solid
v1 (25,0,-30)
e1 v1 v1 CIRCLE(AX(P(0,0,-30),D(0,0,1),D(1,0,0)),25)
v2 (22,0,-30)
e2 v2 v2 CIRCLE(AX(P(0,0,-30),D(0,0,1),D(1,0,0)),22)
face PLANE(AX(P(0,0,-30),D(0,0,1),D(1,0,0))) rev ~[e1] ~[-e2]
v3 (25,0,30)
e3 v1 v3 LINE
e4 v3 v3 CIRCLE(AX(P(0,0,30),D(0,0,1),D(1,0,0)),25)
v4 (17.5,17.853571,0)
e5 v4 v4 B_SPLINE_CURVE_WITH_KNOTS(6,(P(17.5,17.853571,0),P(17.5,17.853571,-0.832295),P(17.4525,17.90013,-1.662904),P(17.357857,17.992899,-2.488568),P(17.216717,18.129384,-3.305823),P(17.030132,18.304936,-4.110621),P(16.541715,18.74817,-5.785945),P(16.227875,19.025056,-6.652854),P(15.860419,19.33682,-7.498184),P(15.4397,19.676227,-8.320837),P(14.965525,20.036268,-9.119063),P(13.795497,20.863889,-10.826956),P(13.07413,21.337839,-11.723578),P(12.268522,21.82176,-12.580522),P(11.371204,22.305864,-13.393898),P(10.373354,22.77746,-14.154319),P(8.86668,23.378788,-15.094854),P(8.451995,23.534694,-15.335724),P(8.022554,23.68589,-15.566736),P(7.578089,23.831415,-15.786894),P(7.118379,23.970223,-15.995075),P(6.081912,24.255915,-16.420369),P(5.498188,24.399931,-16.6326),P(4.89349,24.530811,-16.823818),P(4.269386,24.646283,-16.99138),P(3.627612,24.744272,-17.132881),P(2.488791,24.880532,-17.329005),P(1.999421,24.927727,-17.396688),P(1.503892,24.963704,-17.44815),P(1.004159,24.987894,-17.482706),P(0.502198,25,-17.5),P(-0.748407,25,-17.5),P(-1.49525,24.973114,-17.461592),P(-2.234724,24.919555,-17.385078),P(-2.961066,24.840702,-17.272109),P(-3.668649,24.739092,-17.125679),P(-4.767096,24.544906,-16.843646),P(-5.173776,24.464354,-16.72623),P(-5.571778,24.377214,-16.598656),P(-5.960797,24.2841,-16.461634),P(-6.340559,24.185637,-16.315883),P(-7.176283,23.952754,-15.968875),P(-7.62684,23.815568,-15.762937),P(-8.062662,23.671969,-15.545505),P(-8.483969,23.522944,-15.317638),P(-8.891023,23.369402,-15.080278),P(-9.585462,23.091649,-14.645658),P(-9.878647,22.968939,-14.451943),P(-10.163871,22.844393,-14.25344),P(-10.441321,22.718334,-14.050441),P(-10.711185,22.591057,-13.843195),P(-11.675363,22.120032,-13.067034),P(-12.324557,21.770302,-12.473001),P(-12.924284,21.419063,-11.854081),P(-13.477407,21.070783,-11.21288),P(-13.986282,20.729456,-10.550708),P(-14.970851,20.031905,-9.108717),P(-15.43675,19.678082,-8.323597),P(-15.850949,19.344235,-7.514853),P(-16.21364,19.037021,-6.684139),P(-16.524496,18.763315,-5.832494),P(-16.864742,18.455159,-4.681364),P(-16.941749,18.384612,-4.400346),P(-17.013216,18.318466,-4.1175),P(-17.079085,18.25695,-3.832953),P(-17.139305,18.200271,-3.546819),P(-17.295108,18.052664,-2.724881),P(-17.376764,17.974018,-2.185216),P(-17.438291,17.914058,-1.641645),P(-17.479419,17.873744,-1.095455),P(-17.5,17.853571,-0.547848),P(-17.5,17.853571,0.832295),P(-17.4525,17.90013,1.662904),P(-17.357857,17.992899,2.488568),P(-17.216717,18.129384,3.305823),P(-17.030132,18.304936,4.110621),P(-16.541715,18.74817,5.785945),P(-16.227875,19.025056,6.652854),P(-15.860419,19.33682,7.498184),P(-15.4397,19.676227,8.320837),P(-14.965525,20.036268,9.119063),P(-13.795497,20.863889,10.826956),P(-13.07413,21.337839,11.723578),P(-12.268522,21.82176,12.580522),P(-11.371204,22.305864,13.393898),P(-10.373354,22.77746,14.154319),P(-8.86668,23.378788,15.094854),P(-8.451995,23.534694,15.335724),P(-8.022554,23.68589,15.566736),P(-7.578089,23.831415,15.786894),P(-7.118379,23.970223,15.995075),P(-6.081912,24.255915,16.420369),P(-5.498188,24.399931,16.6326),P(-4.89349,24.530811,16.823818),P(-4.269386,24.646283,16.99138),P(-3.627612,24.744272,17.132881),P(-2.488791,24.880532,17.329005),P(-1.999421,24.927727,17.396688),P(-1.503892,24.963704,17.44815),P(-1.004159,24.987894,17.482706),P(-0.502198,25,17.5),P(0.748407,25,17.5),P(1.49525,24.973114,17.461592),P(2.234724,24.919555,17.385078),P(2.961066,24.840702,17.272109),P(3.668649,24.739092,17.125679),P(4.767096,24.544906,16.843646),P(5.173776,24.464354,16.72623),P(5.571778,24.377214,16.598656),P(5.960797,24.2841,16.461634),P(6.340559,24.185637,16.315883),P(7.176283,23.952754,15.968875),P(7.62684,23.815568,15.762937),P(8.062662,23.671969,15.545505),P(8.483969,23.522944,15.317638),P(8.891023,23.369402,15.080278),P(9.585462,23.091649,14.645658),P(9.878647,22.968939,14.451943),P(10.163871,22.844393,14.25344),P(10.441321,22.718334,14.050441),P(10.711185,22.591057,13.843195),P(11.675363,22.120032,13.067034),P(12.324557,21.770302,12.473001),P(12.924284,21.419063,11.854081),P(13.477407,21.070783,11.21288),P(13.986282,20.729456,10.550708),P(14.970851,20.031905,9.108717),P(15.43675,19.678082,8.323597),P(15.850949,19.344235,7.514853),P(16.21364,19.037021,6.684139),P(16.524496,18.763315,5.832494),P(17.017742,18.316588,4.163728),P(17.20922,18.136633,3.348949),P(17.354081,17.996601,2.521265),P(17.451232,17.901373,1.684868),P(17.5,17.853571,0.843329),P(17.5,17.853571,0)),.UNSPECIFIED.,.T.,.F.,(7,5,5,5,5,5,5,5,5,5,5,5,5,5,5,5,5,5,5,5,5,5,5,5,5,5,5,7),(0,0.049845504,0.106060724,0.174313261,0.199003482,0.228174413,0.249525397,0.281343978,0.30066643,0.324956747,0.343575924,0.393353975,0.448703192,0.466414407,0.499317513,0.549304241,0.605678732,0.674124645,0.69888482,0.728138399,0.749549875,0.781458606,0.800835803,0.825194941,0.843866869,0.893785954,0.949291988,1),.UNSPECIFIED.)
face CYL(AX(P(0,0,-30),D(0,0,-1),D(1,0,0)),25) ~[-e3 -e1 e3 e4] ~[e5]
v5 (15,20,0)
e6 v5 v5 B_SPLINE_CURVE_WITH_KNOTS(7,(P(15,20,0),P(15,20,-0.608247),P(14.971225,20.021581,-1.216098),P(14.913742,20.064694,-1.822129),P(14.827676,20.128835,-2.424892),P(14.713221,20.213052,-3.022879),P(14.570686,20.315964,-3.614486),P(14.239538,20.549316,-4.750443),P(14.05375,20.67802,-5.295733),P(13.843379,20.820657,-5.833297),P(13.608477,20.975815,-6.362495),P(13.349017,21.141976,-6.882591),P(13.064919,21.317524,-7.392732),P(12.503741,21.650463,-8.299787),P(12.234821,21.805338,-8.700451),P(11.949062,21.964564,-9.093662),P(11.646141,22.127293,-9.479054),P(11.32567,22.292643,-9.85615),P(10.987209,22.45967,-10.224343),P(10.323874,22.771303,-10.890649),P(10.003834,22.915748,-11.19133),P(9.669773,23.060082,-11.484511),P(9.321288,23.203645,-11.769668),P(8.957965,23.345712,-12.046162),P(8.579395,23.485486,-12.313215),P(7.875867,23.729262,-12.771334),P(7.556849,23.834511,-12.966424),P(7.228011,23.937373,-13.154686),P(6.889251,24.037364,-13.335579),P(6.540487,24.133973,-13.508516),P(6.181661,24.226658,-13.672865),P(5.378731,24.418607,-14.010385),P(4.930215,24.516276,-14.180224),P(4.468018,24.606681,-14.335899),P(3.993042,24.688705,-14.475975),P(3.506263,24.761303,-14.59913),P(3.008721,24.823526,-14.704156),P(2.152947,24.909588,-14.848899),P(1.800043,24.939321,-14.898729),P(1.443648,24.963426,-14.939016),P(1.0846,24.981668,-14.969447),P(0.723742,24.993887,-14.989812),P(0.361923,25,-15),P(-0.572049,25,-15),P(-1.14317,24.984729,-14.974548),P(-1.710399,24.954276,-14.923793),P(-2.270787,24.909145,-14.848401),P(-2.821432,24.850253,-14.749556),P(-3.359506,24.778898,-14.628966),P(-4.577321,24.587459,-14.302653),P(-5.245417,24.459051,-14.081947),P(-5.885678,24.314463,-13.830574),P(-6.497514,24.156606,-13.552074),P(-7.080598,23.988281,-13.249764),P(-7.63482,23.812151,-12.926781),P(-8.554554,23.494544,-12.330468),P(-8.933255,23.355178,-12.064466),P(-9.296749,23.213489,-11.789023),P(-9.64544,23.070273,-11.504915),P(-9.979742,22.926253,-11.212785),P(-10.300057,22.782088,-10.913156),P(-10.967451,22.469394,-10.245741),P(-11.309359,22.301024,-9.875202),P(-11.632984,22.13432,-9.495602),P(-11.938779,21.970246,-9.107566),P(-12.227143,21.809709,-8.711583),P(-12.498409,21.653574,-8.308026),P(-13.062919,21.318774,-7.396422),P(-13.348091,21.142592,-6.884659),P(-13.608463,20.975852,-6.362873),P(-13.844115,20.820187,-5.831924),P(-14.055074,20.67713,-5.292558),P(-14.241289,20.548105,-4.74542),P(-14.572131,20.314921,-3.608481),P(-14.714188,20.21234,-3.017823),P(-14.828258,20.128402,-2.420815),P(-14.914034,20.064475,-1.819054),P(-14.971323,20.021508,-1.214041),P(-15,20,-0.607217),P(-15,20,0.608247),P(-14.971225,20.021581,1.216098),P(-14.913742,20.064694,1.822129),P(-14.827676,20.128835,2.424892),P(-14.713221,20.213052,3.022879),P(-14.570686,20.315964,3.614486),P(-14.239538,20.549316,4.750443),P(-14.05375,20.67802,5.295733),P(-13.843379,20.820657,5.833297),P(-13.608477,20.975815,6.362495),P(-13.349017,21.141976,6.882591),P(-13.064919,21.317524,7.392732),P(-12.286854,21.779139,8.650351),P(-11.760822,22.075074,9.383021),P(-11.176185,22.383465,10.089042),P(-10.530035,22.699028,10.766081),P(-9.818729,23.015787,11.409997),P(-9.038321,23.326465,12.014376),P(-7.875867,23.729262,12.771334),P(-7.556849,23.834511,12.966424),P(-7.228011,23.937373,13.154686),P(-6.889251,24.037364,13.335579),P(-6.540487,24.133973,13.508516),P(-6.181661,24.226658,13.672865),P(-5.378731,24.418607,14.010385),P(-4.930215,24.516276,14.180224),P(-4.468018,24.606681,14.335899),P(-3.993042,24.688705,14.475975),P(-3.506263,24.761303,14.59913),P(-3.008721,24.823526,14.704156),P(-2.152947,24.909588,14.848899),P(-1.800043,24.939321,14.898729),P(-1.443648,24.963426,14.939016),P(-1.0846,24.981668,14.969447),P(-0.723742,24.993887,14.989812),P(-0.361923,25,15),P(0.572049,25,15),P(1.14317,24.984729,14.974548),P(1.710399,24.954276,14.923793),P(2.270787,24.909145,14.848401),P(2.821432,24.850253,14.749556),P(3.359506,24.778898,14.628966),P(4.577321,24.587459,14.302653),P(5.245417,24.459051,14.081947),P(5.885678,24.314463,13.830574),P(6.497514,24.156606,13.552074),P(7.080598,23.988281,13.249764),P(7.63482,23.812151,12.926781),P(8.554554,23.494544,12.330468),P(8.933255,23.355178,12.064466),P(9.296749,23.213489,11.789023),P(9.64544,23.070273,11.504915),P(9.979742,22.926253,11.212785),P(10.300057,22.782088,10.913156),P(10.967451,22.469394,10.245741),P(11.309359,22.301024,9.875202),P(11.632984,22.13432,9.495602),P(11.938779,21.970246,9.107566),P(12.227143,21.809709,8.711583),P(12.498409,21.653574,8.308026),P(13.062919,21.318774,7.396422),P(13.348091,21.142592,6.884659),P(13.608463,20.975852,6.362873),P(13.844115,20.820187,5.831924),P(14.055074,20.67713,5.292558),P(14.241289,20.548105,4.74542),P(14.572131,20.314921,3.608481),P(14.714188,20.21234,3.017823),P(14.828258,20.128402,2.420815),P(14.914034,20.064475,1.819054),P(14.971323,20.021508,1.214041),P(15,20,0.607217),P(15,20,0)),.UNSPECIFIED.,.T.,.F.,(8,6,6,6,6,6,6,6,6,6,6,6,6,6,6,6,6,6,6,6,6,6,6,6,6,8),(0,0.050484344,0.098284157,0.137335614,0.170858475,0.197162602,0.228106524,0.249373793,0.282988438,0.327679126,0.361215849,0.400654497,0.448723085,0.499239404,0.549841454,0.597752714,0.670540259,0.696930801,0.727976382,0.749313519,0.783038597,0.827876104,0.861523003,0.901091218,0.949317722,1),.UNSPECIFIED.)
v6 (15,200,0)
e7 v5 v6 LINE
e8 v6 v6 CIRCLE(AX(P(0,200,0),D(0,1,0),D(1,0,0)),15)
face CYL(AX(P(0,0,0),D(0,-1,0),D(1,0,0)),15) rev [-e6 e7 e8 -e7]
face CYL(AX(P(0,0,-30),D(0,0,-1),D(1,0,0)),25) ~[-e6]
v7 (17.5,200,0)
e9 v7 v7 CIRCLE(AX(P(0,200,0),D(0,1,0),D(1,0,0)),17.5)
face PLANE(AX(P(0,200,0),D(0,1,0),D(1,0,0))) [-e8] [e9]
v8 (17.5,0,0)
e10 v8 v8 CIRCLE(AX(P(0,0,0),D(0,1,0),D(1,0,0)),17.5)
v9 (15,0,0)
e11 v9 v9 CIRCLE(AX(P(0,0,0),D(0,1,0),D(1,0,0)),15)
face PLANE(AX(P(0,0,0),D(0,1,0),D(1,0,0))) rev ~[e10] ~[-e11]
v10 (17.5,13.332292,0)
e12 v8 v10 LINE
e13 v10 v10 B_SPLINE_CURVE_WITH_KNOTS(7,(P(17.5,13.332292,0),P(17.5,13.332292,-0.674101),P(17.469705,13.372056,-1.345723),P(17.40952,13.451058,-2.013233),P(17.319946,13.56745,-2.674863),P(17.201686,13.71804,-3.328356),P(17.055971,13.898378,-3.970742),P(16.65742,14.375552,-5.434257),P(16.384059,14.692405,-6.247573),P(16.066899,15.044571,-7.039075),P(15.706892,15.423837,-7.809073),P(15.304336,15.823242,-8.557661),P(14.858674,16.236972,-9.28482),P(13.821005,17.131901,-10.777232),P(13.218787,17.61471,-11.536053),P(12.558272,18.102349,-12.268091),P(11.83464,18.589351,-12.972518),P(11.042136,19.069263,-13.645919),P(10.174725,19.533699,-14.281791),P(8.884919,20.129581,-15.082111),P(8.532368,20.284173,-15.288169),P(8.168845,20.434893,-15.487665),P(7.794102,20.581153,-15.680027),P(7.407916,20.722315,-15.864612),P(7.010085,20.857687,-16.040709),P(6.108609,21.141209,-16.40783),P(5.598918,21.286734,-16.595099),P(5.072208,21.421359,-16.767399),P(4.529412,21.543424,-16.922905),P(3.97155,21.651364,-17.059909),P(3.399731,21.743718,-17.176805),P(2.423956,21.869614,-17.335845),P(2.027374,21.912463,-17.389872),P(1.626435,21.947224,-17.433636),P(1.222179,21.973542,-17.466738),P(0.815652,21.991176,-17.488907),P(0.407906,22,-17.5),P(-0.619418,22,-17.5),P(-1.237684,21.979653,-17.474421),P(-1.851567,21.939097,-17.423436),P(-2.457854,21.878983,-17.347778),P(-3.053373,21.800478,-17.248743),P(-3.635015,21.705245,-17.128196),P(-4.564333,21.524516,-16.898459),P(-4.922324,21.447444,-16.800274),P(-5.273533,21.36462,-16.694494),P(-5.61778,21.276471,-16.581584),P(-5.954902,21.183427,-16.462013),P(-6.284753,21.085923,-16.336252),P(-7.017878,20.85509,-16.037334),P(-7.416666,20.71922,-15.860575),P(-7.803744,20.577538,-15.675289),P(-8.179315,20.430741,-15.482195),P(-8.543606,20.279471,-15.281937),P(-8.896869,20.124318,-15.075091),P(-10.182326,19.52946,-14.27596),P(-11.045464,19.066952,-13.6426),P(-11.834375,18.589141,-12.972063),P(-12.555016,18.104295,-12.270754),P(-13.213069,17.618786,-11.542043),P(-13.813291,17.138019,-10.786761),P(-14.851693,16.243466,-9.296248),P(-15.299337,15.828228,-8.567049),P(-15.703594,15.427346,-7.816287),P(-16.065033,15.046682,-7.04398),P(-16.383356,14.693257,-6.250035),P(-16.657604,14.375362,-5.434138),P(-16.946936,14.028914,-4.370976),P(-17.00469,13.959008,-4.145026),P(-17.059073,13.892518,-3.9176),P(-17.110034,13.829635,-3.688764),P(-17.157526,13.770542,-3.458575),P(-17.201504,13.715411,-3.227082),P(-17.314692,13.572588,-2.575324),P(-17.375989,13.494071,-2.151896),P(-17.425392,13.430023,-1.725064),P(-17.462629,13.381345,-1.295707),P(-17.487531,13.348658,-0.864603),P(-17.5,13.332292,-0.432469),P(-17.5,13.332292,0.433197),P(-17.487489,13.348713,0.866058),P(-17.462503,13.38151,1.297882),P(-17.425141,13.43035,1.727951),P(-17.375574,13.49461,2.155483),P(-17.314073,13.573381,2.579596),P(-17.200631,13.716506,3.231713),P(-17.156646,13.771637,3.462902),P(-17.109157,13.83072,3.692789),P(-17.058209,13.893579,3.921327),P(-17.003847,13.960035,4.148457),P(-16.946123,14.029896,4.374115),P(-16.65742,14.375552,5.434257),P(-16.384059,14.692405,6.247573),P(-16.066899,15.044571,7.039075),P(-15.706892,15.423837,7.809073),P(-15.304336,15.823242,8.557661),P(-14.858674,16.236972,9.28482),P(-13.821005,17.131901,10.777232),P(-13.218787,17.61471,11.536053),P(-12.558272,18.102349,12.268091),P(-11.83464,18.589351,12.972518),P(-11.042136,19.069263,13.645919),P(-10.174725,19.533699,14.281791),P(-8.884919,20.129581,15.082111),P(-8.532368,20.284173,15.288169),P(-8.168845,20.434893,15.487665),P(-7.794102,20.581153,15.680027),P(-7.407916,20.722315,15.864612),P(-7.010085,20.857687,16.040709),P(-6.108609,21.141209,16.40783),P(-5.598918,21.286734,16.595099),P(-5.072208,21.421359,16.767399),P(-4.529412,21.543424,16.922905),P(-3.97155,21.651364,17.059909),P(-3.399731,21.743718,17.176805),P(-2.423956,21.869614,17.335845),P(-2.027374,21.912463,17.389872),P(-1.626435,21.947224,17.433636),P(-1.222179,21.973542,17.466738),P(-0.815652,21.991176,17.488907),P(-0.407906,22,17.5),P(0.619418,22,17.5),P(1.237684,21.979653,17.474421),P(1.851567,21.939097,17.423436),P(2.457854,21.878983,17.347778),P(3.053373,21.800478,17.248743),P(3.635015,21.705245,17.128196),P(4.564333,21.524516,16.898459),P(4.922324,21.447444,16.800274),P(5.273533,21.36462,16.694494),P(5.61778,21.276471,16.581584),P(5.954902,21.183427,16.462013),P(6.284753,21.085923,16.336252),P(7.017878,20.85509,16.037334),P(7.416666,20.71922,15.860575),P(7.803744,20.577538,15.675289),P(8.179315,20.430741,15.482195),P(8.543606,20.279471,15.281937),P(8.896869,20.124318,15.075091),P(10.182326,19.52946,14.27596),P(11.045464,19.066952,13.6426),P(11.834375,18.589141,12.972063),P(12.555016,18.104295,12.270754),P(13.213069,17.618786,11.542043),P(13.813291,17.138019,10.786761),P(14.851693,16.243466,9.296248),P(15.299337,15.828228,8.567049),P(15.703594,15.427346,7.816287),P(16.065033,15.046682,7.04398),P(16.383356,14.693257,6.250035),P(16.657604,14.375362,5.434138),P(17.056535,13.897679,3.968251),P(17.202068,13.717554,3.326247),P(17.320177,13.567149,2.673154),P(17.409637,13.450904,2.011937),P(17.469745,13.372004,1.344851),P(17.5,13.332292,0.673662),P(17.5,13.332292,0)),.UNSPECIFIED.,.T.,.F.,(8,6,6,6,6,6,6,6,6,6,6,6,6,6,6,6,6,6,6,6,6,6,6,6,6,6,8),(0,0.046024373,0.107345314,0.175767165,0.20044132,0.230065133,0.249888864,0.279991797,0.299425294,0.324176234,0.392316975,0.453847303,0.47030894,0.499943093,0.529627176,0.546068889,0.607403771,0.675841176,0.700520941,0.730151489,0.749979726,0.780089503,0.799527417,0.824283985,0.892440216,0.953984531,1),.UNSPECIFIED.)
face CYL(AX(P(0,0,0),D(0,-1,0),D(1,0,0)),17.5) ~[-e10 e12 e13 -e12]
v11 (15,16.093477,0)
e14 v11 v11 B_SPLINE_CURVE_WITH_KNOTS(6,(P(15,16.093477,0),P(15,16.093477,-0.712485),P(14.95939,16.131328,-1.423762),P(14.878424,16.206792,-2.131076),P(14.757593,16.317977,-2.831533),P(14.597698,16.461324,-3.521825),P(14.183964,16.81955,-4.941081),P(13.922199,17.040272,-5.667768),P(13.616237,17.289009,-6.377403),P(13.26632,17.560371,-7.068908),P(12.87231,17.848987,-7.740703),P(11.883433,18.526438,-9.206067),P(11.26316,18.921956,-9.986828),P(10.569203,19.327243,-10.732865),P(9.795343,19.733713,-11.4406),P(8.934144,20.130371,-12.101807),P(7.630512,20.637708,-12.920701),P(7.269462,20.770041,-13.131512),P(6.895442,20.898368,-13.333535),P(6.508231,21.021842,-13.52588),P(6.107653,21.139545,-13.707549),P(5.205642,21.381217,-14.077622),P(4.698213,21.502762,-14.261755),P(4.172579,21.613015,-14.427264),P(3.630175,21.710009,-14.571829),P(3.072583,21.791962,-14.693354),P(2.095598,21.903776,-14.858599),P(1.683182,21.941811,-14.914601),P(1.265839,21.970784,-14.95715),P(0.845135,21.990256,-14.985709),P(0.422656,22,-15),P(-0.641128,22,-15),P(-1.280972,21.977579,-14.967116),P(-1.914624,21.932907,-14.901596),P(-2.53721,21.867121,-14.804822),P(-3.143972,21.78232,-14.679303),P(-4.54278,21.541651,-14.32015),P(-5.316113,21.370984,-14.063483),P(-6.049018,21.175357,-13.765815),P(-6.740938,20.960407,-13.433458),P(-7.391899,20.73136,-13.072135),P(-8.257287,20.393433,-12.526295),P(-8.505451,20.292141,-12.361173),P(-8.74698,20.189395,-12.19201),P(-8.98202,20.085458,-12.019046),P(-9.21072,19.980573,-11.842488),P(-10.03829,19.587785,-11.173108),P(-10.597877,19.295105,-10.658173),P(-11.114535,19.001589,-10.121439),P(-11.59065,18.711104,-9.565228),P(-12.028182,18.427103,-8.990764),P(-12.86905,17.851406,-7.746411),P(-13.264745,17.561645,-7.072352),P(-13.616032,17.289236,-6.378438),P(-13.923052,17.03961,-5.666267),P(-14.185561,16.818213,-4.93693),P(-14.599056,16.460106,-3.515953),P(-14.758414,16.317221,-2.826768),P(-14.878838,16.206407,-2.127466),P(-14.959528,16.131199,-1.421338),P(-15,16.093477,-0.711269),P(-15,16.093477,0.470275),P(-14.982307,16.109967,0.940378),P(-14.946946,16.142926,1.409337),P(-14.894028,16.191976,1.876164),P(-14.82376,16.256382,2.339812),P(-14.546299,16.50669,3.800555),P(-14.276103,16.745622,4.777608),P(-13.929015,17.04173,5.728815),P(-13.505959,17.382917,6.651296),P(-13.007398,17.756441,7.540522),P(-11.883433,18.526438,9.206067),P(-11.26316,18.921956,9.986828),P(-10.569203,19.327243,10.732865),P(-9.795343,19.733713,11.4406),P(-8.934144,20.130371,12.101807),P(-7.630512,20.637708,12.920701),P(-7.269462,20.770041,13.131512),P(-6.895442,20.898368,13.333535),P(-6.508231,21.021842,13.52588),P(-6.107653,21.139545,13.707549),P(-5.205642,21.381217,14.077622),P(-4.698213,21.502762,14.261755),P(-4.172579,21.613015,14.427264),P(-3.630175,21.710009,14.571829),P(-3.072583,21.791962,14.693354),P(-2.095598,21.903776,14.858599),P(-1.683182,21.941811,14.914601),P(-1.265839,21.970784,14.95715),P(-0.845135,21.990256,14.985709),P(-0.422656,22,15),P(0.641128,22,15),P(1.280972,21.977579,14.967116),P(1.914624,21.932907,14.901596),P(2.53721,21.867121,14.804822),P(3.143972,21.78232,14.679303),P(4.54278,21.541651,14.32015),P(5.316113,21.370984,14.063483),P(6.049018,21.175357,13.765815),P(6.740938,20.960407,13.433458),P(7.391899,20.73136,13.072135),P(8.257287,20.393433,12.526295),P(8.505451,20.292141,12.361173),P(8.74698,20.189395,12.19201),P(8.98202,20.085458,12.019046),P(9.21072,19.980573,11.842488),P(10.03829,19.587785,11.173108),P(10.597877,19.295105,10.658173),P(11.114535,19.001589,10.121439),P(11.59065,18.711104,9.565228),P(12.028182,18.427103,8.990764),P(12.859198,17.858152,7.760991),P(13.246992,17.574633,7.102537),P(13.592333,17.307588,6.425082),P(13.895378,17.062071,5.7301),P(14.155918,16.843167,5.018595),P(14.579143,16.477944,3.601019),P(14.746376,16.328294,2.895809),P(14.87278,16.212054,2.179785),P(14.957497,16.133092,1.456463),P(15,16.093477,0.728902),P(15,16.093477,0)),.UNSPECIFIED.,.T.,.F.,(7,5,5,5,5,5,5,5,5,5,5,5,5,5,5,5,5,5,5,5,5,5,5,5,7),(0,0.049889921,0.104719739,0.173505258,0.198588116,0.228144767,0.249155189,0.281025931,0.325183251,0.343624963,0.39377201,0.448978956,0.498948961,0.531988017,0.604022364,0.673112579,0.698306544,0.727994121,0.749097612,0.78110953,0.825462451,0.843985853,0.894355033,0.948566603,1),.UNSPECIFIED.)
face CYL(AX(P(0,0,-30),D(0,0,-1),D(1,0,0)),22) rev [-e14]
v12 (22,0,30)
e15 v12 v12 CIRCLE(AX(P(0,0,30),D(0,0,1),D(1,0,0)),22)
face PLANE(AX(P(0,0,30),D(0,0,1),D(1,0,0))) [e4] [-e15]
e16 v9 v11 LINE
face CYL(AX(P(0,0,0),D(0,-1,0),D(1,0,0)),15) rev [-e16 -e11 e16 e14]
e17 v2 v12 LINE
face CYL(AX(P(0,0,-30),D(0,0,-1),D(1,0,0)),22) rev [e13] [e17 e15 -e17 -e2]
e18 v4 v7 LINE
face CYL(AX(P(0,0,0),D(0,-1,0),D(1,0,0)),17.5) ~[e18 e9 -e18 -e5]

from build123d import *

# Parameters (mm, degrees)
IZIM1_R                          = 17.5
IZIM1_R_2                        = 15
Y_KSEKLIK_EKSTR_ZYON1_DEPTH      = 200
Y_KSEKLIK_EKSTR_ZYON2_DEPTH      = 30
Y_KSEKLIK_EKSTR_ZYON2_DEPTH_BACK = 30
IZIM2_R                          = 25
IZIM2_R_2                        = 22


with BuildPart() as part:
    # Çizim1 → Yükseklik-Ekstrüzyon1 (new body)
    with BuildSketch(Plane(origin=(0, 0, 0), x_dir=(1, 0, 0), z_dir=(0, 1, 0))):
        Circle(IZIM1_R)
        Circle(IZIM1_R_2, mode=Mode.SUBTRACT)
    extrude(amount=Y_KSEKLIK_EKSTR_ZYON1_DEPTH)

    # Çizim2 → Yükseklik-Ekstrüzyon2 (add, two sides: drawn at the far end of the back side and taken through both)
    with BuildSketch(Plane.XY.offset(-Y_KSEKLIK_EKSTR_ZYON2_DEPTH_BACK)):
        Circle(IZIM2_R)
        Circle(IZIM2_R_2, mode=Mode.SUBTRACT)
    extrude(amount=Y_KSEKLIK_EKSTR_ZYON2_DEPTH + Y_KSEKLIK_EKSTR_ZYON2_DEPTH_BACK)


solid = part.part
